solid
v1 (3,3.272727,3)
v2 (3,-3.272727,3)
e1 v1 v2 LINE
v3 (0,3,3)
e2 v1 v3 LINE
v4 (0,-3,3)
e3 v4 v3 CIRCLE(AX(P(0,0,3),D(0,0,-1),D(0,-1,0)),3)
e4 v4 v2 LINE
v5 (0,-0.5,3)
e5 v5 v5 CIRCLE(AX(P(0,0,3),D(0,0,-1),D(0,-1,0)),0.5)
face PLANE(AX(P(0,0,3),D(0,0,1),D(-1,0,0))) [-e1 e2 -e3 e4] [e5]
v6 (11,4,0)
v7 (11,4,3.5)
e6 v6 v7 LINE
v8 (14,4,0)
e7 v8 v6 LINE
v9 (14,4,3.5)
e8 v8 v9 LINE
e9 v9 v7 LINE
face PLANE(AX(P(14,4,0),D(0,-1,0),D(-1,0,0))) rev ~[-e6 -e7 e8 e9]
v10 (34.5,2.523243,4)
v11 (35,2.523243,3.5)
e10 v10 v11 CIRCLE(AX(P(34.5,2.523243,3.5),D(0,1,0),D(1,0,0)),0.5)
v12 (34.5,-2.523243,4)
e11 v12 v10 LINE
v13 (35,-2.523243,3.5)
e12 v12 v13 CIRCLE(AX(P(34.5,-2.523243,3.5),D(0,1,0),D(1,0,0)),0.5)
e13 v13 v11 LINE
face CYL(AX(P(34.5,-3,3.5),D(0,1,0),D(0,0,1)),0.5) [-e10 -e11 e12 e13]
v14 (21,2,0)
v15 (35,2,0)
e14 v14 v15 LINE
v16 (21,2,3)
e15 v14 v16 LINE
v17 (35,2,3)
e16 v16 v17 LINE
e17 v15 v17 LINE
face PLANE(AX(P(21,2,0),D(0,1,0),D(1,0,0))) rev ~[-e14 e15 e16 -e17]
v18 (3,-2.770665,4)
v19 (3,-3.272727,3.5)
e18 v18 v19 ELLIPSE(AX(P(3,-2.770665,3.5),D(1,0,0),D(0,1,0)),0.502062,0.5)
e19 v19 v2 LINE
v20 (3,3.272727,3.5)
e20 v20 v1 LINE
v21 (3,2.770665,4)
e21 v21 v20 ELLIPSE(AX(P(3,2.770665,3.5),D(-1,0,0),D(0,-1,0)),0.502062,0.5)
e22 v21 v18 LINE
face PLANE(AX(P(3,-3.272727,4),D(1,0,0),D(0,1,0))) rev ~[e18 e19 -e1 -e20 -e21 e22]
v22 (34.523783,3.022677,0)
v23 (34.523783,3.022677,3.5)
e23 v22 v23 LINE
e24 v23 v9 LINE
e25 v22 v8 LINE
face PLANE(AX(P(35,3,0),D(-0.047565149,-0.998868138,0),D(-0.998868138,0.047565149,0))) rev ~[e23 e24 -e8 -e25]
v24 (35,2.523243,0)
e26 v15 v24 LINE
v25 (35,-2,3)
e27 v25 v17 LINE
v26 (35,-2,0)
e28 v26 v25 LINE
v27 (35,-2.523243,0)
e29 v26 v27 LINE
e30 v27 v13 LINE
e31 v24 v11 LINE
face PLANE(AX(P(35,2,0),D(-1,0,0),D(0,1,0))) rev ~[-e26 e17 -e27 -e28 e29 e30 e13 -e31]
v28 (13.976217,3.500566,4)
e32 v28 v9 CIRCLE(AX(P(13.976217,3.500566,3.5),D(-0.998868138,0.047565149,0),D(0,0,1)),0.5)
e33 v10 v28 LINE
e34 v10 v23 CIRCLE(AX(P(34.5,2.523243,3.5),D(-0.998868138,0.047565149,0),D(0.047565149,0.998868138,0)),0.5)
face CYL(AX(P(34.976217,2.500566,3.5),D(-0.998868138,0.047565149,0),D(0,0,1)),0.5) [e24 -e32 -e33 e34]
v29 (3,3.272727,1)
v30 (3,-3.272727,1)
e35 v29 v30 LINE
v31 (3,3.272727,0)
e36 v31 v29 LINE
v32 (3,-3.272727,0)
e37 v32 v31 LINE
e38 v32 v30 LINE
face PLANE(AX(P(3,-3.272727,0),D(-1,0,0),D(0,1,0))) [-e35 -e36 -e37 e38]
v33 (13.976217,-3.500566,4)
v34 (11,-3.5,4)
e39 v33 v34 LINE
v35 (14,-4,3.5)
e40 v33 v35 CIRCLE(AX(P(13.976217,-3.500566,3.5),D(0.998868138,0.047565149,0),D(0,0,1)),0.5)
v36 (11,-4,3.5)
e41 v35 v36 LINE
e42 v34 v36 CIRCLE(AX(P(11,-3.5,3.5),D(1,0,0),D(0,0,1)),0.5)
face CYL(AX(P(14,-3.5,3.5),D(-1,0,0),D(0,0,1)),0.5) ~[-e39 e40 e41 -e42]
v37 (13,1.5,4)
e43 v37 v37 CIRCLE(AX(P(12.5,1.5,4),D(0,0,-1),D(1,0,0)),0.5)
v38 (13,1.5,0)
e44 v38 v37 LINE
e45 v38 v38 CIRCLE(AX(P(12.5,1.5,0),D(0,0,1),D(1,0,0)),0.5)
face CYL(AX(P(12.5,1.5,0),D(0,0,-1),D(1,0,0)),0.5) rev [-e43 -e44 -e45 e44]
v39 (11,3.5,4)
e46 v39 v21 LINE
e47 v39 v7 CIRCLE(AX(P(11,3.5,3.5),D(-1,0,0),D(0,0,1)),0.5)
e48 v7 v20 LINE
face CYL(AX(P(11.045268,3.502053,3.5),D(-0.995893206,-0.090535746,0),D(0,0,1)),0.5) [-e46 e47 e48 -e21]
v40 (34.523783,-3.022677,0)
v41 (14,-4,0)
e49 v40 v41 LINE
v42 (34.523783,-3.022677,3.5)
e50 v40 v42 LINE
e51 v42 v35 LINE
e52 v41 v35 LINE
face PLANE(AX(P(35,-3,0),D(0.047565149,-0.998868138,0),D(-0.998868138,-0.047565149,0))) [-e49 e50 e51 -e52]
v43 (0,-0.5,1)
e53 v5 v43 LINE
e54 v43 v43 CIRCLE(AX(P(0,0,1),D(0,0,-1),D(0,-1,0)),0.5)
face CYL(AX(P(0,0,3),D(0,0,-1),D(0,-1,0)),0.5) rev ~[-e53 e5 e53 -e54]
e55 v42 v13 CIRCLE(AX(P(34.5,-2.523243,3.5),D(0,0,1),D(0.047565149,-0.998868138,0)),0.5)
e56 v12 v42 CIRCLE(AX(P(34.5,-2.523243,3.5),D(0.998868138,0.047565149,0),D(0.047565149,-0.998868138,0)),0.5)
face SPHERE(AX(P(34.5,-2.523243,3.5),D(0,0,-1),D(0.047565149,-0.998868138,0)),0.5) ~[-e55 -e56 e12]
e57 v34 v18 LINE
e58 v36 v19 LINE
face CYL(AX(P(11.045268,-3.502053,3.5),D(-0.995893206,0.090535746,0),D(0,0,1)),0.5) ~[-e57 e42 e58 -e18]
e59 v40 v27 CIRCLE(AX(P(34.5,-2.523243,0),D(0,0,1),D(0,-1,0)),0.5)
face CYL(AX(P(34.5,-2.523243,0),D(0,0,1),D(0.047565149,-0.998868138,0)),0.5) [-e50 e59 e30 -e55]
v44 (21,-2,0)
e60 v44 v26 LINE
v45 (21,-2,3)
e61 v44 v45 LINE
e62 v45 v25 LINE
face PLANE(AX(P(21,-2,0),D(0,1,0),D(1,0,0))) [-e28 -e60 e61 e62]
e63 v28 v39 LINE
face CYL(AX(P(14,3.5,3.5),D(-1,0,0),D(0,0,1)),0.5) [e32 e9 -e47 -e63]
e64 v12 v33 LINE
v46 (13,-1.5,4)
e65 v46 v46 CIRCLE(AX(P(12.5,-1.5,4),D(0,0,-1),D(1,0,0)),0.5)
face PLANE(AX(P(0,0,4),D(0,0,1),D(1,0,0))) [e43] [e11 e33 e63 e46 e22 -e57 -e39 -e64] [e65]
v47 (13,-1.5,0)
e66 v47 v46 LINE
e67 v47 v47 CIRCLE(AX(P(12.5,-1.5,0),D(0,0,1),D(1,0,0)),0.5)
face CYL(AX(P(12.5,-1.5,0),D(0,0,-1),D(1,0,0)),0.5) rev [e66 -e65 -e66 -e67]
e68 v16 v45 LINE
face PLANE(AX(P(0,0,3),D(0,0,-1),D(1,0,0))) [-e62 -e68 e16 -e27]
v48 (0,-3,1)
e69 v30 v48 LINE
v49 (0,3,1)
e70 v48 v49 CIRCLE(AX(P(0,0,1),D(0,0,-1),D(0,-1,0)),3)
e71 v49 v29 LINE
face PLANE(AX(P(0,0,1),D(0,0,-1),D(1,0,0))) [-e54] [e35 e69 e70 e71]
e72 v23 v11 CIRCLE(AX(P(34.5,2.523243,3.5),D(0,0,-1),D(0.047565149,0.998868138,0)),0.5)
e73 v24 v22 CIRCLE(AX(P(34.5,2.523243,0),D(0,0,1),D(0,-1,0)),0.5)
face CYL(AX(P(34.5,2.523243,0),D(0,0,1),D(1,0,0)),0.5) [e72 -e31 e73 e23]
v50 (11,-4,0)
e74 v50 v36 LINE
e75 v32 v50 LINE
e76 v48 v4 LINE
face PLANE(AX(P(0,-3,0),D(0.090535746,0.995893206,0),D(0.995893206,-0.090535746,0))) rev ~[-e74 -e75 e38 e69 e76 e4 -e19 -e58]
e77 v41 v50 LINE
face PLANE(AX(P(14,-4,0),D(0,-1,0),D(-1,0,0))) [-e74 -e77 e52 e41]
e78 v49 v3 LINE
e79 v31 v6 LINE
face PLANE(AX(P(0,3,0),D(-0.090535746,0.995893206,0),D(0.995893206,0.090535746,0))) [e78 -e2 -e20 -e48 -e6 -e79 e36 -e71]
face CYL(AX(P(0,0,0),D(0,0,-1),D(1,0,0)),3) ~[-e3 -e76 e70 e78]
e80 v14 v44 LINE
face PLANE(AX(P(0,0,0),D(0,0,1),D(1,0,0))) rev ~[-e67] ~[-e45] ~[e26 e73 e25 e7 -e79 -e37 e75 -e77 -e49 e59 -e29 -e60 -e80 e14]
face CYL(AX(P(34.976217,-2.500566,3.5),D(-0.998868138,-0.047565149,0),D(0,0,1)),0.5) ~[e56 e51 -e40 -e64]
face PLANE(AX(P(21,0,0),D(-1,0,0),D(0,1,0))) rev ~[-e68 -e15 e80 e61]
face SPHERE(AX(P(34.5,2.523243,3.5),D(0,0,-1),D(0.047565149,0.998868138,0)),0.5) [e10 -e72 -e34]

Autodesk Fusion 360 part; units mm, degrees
sketch "Sketch1" plane through (0, 0, 0) normal (0, 0, 1) x (1, 0, 0)
  circle A0 centre (0, 0) radius 3
  line L0 (0, 0) -> (35, 0)
  line L1 (35, 0) -> (35, 3)
  line L2 (14, 4) -> (11, 4)
  line L3 (0, 3) -> (0, 0)
  line L4 (0, 0) -> (35, 0)
  line L5 (35, 0) -> (35, -3)
  line L6 (14, -4) -> (11, -4)
  line L7 (0, -3) -> (0, 0)
  line L8 (35, 0) -> (21, 0)
  line L9 (21, 0) -> (21, 2)
  line L10 (21, 2) -> (35, 2)
  line L11 (35, 2) -> (35, 0)
  line L12 (35, 0) -> (21, 0)
  line L13 (21, 0) -> (21, -2)
  line L14 (21, -2) -> (35, -2)
  line L15 (35, -2) -> (35, 0)
  line L16 (35, 2) -> (35, 3)
  line L17 (35, -2) -> (35, -3)
  line L18 (0, 0) -> (12.5, 0)
  line L19 (12.5, 0) -> (12.5, 1.5)
  line L20 (12.5, 0) -> (12.5, -1.5)
  circle A1 centre (12.5, 1.5) radius 0.5
  circle A2 centre (12.5, -1.5) radius 0.5
  line L21 (0, 3) -> (11, 4)
  line L22 (35, 3) -> (14, 4)
  line L23 (0, -3) -> (11, -4)
  line L24 (35, -3) -> (14, -4)
  dimension "d1" = 6
  dimension "d2" = 35
  dimension "d3" = 14
  dimension "d4" = 14
  dimension "d5" = 12.5
  dimension "d6" = 1.5
  dimension "d7" = 1.5
  dimension "d8" = 1
  dimension "d9" = 1
extrude "Extrude1" add sketch "Sketch1" along normal blind 4 makes body 1
sketch "Sketch2" plane through (0, 0, 0) normal (0, 0, -1) x (1, 0, 0)
  circle A0 centre (12.5, -1.5) radius 0.5
  circle A1 centre (12.5, 1.5) radius 0.5
  line L0 (35, -3) -> (35, 2)
  line L1 (35, 2) -> (35, 3)
  line L2 (35, 3) -> (14, 4)
  line L3 (14, 4) -> (11, 4)
  line L4 (11, 4) -> (0, 3)
  arc A2 (0, 3) -> (0, -3) centre (0, 0) ccw
  line L5 (0, -3) -> (11, -4)
  line L6 (11, -4) -> (14, -4)
  line L7 (14, -4) -> (35, -3)
  line L8 (35, 3) -> (35, -3)
  line L9 (35, 0) -> (21, 0)
  line L10 (21, 0) -> (21, 2)
  line L11 (21, 2) -> (35, 2)
  line L12 (35, 2) -> (35, 0)
  line L13 (35, 0) -> (21, 0)
  line L14 (21, 0) -> (21, -2)
  line L15 (21, -2) -> (35, -2)
  line L16 (35, -2) -> (35, 0)
  dimension "d12" = 14
  dimension "d13" = 2
extrude "Extrude2" cut sketch "Sketch2" against normal blind 3 contours L0 L8 L9 L13 L14 L15 L16 | L0 L8 L9 L10 L11 L12 L13 bodies 1
sketch "Sketch3" plane through (0, 0, 4) normal (0, 0, 1) x (-1, 0, 0)
  circle A0 centre (-12.5, -1.5) radius 0.5
  circle A1 centre (-12.5, 1.5) radius 0.5
  line L0 (-35, 2) -> (-35, -3)
  line L1 (-35, -3) -> (-14, -4)
  line L2 (-14, -4) -> (-11, -4)
  line L3 (-11, -4) -> (0, -3)
  arc A2 (0, -3) -> (0, 3) centre (0, 0) ccw
  line L4 (0, 3) -> (-11, 4)
  line L5 (-11, 4) -> (-14, 4)
  line L6 (-14, 4) -> (-35, 3)
  line L7 (-35, 3) -> (-35, 2)
  circle A3 centre (0, 0) radius 3
  dimension "d16" = 6
extrude "Extrude3" cut sketch "Sketch3" against normal blind 1 contours A2 A3 bodies 1
sketch "Sketch4" plane through (0, 0, 0) normal (0, 0, -1) x (1, 0, 0)
  line L0 (21, 2) -> (35, 2)
  line L1 (35, 2) -> (35, 3)
  line L2 (35, 3) -> (14, 4)
  line L3 (14, 4) -> (11, 4)
  line L4 (11, 4) -> (0, 3)
  arc A0 (0, 3) -> (0, -3) centre (0, 0) ccw
  line L5 (0, -3) -> (11, -4)
  line L6 (11, -4) -> (14, -4)
  line L7 (14, -4) -> (35, -3)
  line L8 (35, -3) -> (35, -2)
  line L9 (35, -2) -> (21, -2)
  line L10 (21, -2) -> (21, 2)
  circle A1 centre (12.5, -1.5) radius 0.5
  circle A2 centre (12.5, 1.5) radius 0.5
  circle A3 centre (0, 0) radius 3
  dimension "d19" = 6
extrude "Extrude4" cut sketch "Sketch4" against normal blind 1 contours A0 A3 bodies 1
sketch "Sketch5" plane through (0, 0, 4) normal (0, 0, 1) x (-1, 0, 0)
  arc A0 (0, 3) -> (0, -3) centre (0, 0) ccw
  line L0 (0, 3) -> (-11, 4)
  line L1 (-11, 4) -> (-14, 4)
  line L2 (-14, 4) -> (-35, 3)
  line L3 (-35, 3) -> (-35, 2)
  line L4 (-35, 2) -> (-35, -3)
  line L5 (-35, -3) -> (-14, -4)
  line L6 (-14, -4) -> (-11, -4)
  line L7 (-11, -4) -> (0, -3)
  circle A1 centre (-12.5, -1.5) radius 0.5
  circle A2 centre (-12.5, 1.5) radius 0.5
  line L8 (-3, 0) -> (-0.0018, 0)
  line L9 (-0.0018, 0) -> (-0.0018, -3.5)
  line L10 (-0.0018, -3.5) -> (-3, -3.5)
  line L11 (-3, -3.5) -> (-3, 0)
extrude "Extrude5" cut sketch "Sketch5" against normal blind 1 contours A0 L7 L11 bodies 1
sketch "Sketch6" plane through (0, 0, 4) normal (0, 0, 1) x (-1, 0, 0)
  circle A0 centre (-12.5, 1.5) radius 0.5
  circle A1 centre (-12.5, -1.5) radius 0.5
  line L0 (-3, -3.2727) -> (-3, 0)
  arc A2 (0, 3) -> (-3, 0) centre (0, 0) ccw
  line L1 (0, 3) -> (-11, 4)
  line L2 (-11, 4) -> (-14, 4)
  line L3 (-14, 4) -> (-35, 3)
  line L4 (-35, 3) -> (-35, 2)
  line L5 (-35, 2) -> (-35, -3)
  line L6 (-35, -3) -> (-14, -4)
  line L7 (-14, -4) -> (-11, -4)
  line L8 (-11, -4) -> (-3, -3.2727)
  line L9 (-3, 0) -> (0.4438, 0)
  line L10 (0.4438, 0) -> (0.4438, 3.5)
  line L11 (0.4438, 3.5) -> (-3, 3.5)
  line L12 (-3, 3.5) -> (-3, 0)
extrude "Extrude6" cut sketch "Sketch6" against normal blind 1 contours A2 L1 L12 bodies 1
sketch "Sketch7" plane through (0, 0, 0) normal (0, 0, -1) x (1, 0, 0)
  circle A0 centre (12.5, 1.5) radius 0.5
  circle A1 centre (12.5, -1.5) radius 0.5
  arc A2 (0, -3) -> (0, 3) centre (0, 0) ccw
  line L0 (0, -3) -> (11, -4)
  line L1 (11, -4) -> (14, -4)
  line L2 (14, -4) -> (35, -3)
  line L3 (35, -3) -> (35, -2)
  line L4 (35, -2) -> (21, -2)
  line L5 (21, -2) -> (21, 2)
  line L6 (21, 2) -> (35, 2)
  line L7 (35, 2) -> (35, 3)
  line L8 (35, 3) -> (14, 4)
  line L9 (14, 4) -> (11, 4)
  line L10 (11, 4) -> (0, 3)
  line L11 (3, 0) -> (0, 0)
  line L12 (0, 0) -> (0, 3.3794)
  line L13 (0, 3.3794) -> (3, 3.3794)
  line L14 (3, 3.3794) -> (3, 0)
extrude "Extrude7" cut sketch "Sketch7" against normal blind 1 contours A2 L10 L14 bodies 1
sketch "Sketch8" plane through (0, 0, 0) normal (0, 0, -1) x (1, 0, 0)
  line L0 (3, 3.2727) -> (3, 0)
  arc A0 (0, -3) -> (3, 0) centre (0, 0) ccw
  line L1 (0, -3) -> (11, -4)
  line L2 (11, -4) -> (14, -4)
  line L3 (14, -4) -> (35, -3)
  line L4 (35, -3) -> (35, -2)
  line L5 (35, -2) -> (21, -2)
  line L6 (21, -2) -> (21, 2)
  line L7 (21, 2) -> (35, 2)
  line L8 (35, 2) -> (35, 3)
  line L9 (35, 3) -> (14, 4)
  line L10 (14, 4) -> (11, 4)
  line L11 (11, 4) -> (3, 3.2727)
  circle A1 centre (12.5, -1.5) radius 0.5
  circle A2 centre (12.5, 1.5) radius 0.5
  line L12 (3, 0) -> (-0.0333, 0)
  line L13 (-0.0333, 0) -> (-0.0333, -3.5)
  line L14 (-0.0333, -3.5) -> (3, -3.5)
  line L15 (3, -3.5) -> (3, 0)
extrude "Extrude8" cut sketch "Sketch8" against normal blind 1 contours A0 L1 L15 bodies 1
sketch "Sketch9" plane through (0, 0, 3) normal (0, 0, 1) x (-1, 0, 0)
  arc A0 (0, -3) -> (0, 3) centre (0, 0) ccw
  line L0 (0, 3) -> (-3, 3.2727)
  line L1 (-3, 3.2727) -> (-3, -3.2727)
  line L2 (-3, -3.2727) -> (-0.0018, -3.0002)
  line L3 (-0.0018, -3.0002) -> (-0.0018, -3)
  arc A1 (-0.0018, -3) -> (0, -3) centre (0, 0) ccw
  circle A2 centre (0, 0) radius 0.5
  dimension "d30" = 1
hole "Hole1" at (0, 0, 3) direction (0, 0, -1) diameter 1 depth 2 tip angle 180 bodies 1
fillet "Fillet1" radius 0.5 10 edges at (35, -2.5, 4) (35, 0.5, 4) (35, 3, 2) (24.5, 3.5, 4) (35, -3, 2) (24.5, -3.5, 4) (12.5, -4, 4) (7, -3.6364, 4) (7, 3.6364, 4) (12.5, 4, 4) on bodies 1
extrude "Extrude9" cut 1 faces at (3, -0.9236, 3.3333) along direction (-1, 0, 0) blind 6.8 on bodies 1 bodies 1 makes body 2 at (0.0012, 3.0001, 3.9632)
delete_body "RemoveBody1" bodies 2
